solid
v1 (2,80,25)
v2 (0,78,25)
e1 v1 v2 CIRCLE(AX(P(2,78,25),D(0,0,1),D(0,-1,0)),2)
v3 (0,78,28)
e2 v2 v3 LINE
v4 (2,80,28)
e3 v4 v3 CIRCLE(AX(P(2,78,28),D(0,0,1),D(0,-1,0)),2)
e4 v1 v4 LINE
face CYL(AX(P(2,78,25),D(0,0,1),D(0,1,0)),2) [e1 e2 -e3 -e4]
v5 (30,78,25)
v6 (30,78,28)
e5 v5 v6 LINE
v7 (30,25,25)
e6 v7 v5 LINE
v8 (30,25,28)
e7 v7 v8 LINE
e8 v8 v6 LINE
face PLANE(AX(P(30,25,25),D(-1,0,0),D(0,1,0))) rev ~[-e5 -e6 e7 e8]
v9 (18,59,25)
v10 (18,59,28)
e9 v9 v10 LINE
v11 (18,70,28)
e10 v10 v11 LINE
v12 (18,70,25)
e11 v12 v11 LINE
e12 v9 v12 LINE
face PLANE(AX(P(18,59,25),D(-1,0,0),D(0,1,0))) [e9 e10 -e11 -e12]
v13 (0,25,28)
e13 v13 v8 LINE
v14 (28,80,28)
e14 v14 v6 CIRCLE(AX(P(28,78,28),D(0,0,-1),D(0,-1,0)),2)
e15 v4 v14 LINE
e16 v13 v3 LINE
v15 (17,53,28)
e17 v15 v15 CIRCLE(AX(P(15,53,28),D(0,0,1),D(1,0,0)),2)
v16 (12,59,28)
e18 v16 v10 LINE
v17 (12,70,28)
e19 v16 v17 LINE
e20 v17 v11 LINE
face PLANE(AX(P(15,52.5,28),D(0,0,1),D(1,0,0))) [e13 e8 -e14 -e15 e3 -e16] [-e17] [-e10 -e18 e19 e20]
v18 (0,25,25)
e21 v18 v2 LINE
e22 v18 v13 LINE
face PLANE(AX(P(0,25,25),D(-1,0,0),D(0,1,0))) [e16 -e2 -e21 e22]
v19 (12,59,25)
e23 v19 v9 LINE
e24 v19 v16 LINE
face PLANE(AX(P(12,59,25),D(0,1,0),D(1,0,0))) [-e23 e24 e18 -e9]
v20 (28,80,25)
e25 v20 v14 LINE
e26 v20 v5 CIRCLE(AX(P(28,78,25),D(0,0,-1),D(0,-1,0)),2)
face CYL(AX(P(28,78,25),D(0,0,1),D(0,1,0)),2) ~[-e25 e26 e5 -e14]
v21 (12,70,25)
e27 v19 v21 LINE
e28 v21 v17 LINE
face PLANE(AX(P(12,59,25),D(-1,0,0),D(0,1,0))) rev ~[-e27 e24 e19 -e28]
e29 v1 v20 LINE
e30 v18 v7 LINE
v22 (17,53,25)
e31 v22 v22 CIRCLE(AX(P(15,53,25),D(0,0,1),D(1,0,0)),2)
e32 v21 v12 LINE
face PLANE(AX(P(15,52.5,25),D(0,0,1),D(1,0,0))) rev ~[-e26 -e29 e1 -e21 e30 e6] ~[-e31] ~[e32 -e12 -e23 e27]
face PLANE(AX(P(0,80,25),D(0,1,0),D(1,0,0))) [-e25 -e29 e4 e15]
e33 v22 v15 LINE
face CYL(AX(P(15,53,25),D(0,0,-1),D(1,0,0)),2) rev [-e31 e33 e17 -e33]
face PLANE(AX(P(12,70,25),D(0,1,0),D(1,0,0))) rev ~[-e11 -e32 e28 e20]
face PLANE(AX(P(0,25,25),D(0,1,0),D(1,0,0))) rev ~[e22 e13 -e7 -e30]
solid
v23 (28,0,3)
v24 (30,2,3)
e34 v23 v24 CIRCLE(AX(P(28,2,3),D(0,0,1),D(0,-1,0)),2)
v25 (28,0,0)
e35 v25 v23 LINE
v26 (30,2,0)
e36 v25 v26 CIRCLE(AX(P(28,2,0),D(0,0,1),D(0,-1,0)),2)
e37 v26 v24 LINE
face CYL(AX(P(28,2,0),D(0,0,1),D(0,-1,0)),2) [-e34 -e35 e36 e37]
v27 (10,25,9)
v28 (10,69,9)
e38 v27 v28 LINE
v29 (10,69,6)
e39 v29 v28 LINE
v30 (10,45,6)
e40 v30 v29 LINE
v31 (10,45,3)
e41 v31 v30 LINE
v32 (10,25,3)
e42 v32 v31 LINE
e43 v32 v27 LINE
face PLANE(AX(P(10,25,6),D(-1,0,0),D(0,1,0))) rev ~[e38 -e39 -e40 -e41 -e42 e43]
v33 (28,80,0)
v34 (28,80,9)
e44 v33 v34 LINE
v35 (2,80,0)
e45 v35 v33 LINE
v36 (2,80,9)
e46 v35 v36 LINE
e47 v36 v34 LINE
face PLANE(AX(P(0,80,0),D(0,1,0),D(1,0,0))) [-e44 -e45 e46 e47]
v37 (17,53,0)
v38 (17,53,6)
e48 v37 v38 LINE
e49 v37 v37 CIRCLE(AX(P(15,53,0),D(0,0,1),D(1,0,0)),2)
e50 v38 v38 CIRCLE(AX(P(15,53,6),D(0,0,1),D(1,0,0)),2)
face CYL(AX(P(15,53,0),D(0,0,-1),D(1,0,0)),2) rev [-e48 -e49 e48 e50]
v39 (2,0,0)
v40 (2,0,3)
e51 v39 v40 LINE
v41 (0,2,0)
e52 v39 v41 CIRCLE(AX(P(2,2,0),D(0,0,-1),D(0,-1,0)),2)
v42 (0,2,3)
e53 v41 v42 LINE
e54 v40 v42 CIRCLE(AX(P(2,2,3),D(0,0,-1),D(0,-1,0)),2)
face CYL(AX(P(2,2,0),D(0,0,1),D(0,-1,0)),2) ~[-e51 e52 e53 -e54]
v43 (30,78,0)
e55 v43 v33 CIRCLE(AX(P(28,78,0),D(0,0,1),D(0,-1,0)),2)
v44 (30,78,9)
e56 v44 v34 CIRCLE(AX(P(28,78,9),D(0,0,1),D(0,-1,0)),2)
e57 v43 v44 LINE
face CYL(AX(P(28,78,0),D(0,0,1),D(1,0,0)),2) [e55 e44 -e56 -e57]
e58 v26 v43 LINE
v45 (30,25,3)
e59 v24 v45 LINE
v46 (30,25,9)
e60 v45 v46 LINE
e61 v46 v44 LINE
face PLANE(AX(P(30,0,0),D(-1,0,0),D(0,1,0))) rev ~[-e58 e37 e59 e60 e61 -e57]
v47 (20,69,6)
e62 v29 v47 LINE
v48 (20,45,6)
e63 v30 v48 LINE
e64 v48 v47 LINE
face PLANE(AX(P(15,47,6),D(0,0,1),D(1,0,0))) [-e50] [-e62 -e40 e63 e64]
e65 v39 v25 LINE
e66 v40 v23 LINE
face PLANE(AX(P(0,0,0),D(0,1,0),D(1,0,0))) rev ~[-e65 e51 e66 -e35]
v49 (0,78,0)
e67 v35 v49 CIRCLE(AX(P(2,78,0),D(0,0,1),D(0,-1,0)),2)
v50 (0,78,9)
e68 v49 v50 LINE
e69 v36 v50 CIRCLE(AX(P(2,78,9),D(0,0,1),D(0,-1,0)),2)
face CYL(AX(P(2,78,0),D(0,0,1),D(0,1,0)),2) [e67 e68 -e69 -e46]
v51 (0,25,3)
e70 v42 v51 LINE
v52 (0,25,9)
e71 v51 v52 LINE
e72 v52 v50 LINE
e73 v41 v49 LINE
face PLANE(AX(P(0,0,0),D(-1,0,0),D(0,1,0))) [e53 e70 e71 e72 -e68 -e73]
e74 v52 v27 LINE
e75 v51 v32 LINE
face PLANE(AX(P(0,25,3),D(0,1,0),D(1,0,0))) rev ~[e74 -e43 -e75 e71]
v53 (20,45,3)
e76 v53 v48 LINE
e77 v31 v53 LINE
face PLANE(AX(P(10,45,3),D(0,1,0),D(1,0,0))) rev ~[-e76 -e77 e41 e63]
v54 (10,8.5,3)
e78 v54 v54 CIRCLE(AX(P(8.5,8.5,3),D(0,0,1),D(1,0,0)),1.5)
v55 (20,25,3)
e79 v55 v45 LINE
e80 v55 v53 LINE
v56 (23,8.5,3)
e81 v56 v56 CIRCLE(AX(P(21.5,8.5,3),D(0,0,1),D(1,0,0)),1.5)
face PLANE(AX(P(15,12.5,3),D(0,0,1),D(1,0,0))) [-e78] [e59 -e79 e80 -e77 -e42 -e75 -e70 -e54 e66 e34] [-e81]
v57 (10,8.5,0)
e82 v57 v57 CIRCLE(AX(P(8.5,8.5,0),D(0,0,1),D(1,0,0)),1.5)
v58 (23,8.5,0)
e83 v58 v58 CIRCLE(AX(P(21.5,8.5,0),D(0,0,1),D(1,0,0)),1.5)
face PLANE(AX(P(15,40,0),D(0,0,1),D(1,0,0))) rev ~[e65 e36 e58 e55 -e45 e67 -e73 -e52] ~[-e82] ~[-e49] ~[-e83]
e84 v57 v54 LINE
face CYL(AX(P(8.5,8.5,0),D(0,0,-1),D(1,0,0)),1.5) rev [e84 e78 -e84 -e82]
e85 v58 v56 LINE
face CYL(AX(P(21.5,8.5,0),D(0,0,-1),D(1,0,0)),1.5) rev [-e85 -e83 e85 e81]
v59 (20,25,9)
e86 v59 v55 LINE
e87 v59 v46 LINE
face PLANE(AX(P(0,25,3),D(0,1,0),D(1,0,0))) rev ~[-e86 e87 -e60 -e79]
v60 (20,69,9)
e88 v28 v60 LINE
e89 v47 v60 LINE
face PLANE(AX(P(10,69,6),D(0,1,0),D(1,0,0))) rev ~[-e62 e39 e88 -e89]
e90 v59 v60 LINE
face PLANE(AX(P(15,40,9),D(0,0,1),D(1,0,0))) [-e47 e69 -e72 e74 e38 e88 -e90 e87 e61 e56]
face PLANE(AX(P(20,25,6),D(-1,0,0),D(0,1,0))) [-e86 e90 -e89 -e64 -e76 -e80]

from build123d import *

# Parameters (mm, degrees)
CYLINDER001_R     = 1.5
CYLINDER001_DEPTH = 3
CYLINDER002_R     = 1.5
CYLINDER002_DEPTH = 3
CYLINDER_R        = 2
CYLINDER_DEPTH    = 6
BOX003_W          = 30
BOX003_H          = 25
BOX003_DEPTH      = 6
BOX002_W          = 10
BOX002_H          = 20
BOX002_DEPTH      = 3
BOX001_W          = 10
BOX001_H          = 44
BOX001_DEPTH      = 3
BOX_W             = 30
BOX_H             = 80
BOX_DEPTH         = 9
FILLET_R          = 2
FILLET001_R       = 2
FILLET002_R       = 2
FILLET003_R       = 2
CYLINDER003_R     = 2
CYLINDER003_DEPTH = 3
BOX004_W          = 6
BOX004_H          = 11
BOX004_DEPTH      = 3
BOX005_W          = 30
BOX005_H          = 55
BOX005_DEPTH      = 3
FILLET004_R       = 2
FILLET005_R       = 2


with BuildPart() as cilindro001:
    # Cylinder001 → Cylinder001 (new body)
    with BuildSketch(Plane(origin=(8.5, 8.5, 0), x_dir=(1, 0, 0), z_dir=(0, 0, 1))):
        Circle(CYLINDER001_R)
    extrude(amount=CYLINDER001_DEPTH)


with BuildPart() as fusion:
    # Cylinder002 → Cylinder002 (new body)
    with BuildSketch(Plane(origin=(21.5, 8.5, 0), x_dir=(1, 0, 0), z_dir=(0, 0, 1))):
        Circle(CYLINDER002_R)
    extrude(amount=CYLINDER002_DEPTH)

    # Fusion: union Cilindro001
    add(cilindro001.part)


with BuildPart() as cilindro:
    # Cylinder → Cylinder (new body)
    with BuildSketch(Plane(origin=(15, 53, 0), x_dir=(1, 0, 0), z_dir=(0, 0, 1))):
        Circle(CYLINDER_R)
    extrude(amount=CYLINDER_DEPTH)


with BuildPart() as cubo003:
    # Box003 → Box003 (new body)
    with BuildSketch(Plane.XY.offset(3)):
        with Locations((15, 12.5)):
            Rectangle(BOX003_W, BOX003_H)
    extrude(amount=BOX003_DEPTH)


with BuildPart() as cubo002:
    # Box002 → Box002 (new body)
    with BuildSketch(Plane(origin=(10, 25, 3), x_dir=(1, 0, 0), z_dir=(0, 0, 1))):
        with Locations((5, 10)):
            Rectangle(BOX002_W, BOX002_H)
    extrude(amount=BOX002_DEPTH)


with BuildPart() as cubo001:
    # Box001 → Box001 (new body)
    with BuildSketch(Plane(origin=(10, 25, 6), x_dir=(1, 0, 0), z_dir=(0, 0, 1))):
        with Locations((5, 22)):
            Rectangle(BOX001_W, BOX001_H)
    extrude(amount=BOX001_DEPTH)


with BuildPart() as fillet003:
    # Box → Box (new body)
    with BuildSketch(Plane.XY):
        with Locations((15, 40)):
            Rectangle(BOX_W, BOX_H)
    extrude(amount=BOX_DEPTH)

    # Cut: cut Cubo001
    add(cubo001.part, mode=Mode.SUBTRACT)

    # Cut001: cut Cubo002
    add(cubo002.part, mode=Mode.SUBTRACT)

    # Cut002: cut Cubo003
    add(cubo003.part, mode=Mode.SUBTRACT)

    # Cut003: cut Cilindro
    add(cilindro.part, mode=Mode.SUBTRACT)

    # Cut004: cut Fusion
    add(fusion.part, mode=Mode.SUBTRACT)

    # Fillet
    fillet_edges = [fillet003.edges().sort_by_distance(p)[0] for p in [
        (30, 0, 1.5),
    ]]
    fillet(fillet_edges, radius=FILLET_R)

    # Fillet001
    fillet001_edges = [fillet003.edges().sort_by_distance(p)[0] for p in [
        (0, 0, 1.5),
    ]]
    fillet(fillet001_edges, radius=FILLET001_R)

    # Fillet002
    fillet002_edges = [fillet003.edges().sort_by_distance(p)[0] for p in [
        (30, 80, 4.5),
    ]]
    fillet(fillet002_edges, radius=FILLET002_R)

    # Fillet003
    fillet003_edges = [fillet003.edges().sort_by_distance(p)[0] for p in [
        (0, 80, 4.5),
    ]]
    fillet(fillet003_edges, radius=FILLET003_R)


with BuildPart() as cilindro003:
    # Cylinder003 → Cylinder003 (new body)
    with BuildSketch(Plane(origin=(15, 53, 25), x_dir=(1, 0, 0), z_dir=(0, 0, 1))):
        Circle(CYLINDER003_R)
    extrude(amount=CYLINDER003_DEPTH)


with BuildPart() as cubo004:
    # Box004 → Box004 (new body)
    with BuildSketch(Plane(origin=(12, 59, 25), x_dir=(1, 0, 0), z_dir=(0, 0, 1))):
        with Locations((3, 5.5)):
            Rectangle(BOX004_W, BOX004_H)
    extrude(amount=BOX004_DEPTH)


with BuildPart() as fillet005:
    # Box005 → Box005 (new body)
    with BuildSketch(Plane(origin=(0, 25, 25), x_dir=(1, 0, 0), z_dir=(0, 0, 1))):
        with Locations((15, 27.5)):
            Rectangle(BOX005_W, BOX005_H)
    extrude(amount=BOX005_DEPTH)

    # Cut005: cut Cubo004
    add(cubo004.part, mode=Mode.SUBTRACT)

    # Cut006: cut Cilindro003
    add(cilindro003.part, mode=Mode.SUBTRACT)

    # Fillet004
    fillet004_edges = [fillet005.edges().sort_by_distance(p)[0] for p in [
        (30, 80, 26.5),
    ]]
    fillet(fillet004_edges, radius=FILLET004_R)

    # Fillet005
    fillet005_edges = [fillet005.edges().sort_by_distance(p)[0] for p in [
        (0, 80, 26.5),
    ]]
    fillet(fillet005_edges, radius=FILLET005_R)


solid = Compound([fillet003.part, fillet005.part])
